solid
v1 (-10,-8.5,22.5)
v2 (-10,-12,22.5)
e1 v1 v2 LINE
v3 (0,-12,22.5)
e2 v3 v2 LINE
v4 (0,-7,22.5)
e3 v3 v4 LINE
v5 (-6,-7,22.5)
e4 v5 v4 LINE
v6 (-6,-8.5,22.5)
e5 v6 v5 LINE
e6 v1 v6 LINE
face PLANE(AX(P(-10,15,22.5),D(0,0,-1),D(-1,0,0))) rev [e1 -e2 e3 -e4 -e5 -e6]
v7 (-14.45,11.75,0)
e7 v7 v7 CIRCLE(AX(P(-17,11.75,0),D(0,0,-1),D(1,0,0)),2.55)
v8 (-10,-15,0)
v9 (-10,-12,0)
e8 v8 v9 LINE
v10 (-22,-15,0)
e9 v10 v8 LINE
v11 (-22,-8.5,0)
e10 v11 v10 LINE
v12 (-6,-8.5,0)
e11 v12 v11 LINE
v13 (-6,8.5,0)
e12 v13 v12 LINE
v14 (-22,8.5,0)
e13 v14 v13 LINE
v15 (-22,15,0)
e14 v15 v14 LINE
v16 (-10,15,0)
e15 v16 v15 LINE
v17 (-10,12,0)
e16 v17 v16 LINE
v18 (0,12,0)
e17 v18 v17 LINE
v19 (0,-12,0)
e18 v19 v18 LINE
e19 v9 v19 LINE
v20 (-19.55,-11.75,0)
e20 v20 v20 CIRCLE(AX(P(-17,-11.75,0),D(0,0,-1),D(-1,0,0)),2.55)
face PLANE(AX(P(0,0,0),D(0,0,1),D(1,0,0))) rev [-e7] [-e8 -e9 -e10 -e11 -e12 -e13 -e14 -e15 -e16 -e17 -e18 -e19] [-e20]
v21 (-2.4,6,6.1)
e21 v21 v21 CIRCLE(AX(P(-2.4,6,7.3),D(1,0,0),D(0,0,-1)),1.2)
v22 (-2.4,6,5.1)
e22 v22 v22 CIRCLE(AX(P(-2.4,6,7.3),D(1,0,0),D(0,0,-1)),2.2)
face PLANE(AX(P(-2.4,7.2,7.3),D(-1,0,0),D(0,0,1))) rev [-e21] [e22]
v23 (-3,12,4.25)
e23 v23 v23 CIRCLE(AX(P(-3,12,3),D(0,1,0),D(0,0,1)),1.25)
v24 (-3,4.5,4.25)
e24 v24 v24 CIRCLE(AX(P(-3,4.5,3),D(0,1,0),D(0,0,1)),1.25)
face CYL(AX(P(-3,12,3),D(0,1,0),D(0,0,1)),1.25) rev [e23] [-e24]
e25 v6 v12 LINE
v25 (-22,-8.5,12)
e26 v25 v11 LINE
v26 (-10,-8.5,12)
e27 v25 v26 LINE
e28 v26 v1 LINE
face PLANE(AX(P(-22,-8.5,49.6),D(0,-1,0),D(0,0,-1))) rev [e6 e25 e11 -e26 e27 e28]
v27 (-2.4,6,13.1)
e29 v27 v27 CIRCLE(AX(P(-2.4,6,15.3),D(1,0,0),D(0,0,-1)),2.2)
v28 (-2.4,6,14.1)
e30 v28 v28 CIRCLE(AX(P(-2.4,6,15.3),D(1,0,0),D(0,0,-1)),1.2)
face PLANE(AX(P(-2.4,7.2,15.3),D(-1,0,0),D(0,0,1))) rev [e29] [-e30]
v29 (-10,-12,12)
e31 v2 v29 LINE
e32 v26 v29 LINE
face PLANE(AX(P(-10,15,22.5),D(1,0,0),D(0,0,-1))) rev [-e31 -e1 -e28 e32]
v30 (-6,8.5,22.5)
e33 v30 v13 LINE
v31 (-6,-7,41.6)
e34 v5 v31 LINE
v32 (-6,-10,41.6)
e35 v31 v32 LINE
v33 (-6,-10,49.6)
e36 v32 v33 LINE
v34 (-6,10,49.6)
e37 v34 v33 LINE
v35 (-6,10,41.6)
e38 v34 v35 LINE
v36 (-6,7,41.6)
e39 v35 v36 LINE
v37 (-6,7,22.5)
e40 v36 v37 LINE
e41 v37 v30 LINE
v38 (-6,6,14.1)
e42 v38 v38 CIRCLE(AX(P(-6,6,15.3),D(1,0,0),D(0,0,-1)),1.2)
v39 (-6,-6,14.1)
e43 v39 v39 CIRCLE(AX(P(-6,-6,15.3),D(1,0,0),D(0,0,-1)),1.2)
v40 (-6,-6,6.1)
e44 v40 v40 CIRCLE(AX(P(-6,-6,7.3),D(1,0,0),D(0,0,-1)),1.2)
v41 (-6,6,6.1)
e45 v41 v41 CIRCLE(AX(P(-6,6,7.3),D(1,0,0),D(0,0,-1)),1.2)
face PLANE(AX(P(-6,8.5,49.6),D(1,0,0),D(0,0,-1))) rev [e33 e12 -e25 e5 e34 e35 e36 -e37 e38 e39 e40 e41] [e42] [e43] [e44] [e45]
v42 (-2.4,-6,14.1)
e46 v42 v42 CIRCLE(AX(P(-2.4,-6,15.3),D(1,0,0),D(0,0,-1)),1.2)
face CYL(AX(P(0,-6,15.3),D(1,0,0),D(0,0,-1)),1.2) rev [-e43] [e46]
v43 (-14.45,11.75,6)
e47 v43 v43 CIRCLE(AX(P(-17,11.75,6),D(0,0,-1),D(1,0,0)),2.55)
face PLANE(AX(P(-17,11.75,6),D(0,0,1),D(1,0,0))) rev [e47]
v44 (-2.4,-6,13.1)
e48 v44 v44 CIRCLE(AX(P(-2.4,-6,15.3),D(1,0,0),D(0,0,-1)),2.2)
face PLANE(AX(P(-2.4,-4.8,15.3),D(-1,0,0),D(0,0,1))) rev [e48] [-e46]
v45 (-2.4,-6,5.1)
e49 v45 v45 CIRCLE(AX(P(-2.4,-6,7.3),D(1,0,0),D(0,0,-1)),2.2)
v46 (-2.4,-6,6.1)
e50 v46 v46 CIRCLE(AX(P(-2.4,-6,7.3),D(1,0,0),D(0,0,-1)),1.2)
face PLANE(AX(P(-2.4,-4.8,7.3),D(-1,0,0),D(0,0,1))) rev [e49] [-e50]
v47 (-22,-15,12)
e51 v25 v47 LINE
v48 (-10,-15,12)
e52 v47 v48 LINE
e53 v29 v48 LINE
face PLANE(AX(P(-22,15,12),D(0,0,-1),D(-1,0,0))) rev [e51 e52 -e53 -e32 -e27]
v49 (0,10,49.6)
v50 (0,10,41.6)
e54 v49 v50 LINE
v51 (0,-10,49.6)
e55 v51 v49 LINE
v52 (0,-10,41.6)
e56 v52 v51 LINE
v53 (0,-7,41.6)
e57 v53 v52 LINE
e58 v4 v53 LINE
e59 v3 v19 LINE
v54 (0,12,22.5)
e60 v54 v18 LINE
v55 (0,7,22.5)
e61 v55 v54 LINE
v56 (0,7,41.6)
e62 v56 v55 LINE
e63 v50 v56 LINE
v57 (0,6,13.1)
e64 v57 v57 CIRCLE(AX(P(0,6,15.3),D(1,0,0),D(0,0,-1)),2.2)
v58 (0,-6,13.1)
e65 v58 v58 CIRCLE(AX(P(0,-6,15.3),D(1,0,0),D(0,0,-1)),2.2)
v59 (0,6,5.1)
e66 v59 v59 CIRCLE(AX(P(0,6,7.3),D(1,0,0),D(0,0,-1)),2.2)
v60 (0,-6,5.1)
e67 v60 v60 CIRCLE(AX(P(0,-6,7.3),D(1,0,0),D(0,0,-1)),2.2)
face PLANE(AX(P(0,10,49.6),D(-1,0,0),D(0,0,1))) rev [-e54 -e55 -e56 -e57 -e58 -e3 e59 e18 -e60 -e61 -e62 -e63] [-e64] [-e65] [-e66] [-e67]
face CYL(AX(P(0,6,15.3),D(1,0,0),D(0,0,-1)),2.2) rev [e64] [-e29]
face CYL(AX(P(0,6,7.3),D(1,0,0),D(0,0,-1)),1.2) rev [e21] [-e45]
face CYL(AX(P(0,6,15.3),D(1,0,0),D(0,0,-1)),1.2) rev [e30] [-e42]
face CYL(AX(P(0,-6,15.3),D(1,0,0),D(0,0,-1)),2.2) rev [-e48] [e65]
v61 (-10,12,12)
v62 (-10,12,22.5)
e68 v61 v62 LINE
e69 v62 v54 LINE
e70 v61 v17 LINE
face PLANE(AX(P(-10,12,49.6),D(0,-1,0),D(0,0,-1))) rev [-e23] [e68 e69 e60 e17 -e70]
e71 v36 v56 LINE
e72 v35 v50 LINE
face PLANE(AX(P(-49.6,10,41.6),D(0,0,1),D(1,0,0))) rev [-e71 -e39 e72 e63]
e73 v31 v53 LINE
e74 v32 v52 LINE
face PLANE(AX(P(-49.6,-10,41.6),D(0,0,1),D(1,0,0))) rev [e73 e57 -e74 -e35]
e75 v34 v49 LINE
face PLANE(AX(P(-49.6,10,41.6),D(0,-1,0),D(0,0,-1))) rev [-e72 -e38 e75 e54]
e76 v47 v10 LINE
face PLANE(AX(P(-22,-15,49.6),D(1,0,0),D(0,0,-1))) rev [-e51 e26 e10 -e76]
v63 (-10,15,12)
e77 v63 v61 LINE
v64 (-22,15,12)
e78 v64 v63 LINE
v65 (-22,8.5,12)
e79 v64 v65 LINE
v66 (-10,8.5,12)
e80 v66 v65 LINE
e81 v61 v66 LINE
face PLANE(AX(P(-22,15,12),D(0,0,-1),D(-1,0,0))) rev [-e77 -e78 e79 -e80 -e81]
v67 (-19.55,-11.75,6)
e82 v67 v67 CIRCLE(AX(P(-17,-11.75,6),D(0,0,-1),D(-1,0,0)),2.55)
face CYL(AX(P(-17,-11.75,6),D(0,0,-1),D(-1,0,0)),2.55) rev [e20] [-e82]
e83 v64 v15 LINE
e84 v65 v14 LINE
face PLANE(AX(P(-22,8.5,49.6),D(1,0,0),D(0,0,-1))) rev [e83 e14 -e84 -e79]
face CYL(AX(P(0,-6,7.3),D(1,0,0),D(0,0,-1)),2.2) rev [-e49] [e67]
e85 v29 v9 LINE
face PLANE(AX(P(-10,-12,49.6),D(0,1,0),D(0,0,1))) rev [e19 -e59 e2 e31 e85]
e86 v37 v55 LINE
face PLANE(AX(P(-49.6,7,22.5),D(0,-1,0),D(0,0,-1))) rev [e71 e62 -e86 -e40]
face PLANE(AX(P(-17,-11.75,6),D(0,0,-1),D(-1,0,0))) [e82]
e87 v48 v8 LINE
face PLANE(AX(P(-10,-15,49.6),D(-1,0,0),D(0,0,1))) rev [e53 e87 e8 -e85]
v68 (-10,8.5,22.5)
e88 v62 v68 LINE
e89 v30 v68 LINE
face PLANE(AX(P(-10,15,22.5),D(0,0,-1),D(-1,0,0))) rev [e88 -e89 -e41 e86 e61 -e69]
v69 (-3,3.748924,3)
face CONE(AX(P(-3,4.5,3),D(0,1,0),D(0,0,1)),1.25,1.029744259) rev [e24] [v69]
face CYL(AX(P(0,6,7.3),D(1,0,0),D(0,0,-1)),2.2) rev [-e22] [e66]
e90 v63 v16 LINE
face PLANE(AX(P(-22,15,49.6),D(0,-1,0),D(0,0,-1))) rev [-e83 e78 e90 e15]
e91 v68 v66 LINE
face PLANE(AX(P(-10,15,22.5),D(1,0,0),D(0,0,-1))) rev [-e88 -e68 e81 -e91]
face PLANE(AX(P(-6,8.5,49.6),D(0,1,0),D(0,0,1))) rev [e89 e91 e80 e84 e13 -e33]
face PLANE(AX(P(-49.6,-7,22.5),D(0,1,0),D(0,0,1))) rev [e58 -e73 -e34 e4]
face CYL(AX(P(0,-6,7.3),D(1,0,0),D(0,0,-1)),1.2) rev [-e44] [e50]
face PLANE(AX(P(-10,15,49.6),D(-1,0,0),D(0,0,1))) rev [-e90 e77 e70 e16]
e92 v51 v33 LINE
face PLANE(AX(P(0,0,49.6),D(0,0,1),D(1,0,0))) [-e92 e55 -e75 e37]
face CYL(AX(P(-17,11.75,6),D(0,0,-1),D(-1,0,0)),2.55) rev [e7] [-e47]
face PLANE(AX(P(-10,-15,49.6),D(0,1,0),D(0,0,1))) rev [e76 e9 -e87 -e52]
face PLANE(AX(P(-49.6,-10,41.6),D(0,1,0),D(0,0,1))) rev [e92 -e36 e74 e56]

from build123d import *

# Parameters (mm, degrees)
EXTRUDE_1_DEPTH              = 49.6
CUT_EXTRUDE_1_DEPTH          = 31
CUT_EXTRUDE_2_DEPTH          = 49.6
HOLE_WIZARD_M2_1_D           = 2.4
HOLE_WIZARD_M2_1_DEPTH       = 10.1
HOLE_WIZARD_M2_1_CBORE_D     = 4.4
HOLE_WIZARD_M2_1_CBORE_DEPTH = 2.4
HOLE_WIZARD_M2_1_TIP         = 0.721032743
SKETCH_6_R                   = 2.55
CUT_EXTRUDE_3_DEPTH          = 6
HOLE_WIZARD_M3_1_D           = 2.5
HOLE_WIZARD_M3_1_DEPTH       = 7.5
HOLE_WIZARD_M3_1_TIP         = 0.751075774


with BuildPart() as part:
    # 草图1 → 凸台-拉伸1 (new body)
    with BuildSketch(Plane.XY):
        Polygon((-6, 8.5), (-6, -8.5), (-10, -8.5), (-22, -8.5), (-22, -15), (-10, -15), (-10, -12), (0, -12), (0, -10), (0, 10), (0, 12), (-10, 12), (-10, 15), (-22, 15), (-22, 8.5), (-10, 8.5), align=None)
    extrude(amount=EXTRUDE_1_DEPTH)

    # 草图2 → 切除-拉伸1 (cut, through all)
    with BuildSketch(Plane.XZ.offset(15)):
        Polygon((-22, 49.6), (-12.955077182, 49.6), (-6, 49.6), (-6, 22.5), (-10, 22.5), (-10, 12), (-22, 12), align=None)
    extrude(amount=-CUT_EXTRUDE_1_DEPTH, mode=Mode.SUBTRACT)

    # 草图3 → 切除-拉伸2 (cut)
    with BuildSketch(Plane(origin=(0, 0, 0), x_dir=(0, 0, -1), z_dir=(1, 0, 0))):
        Polygon((-22.5, 12), (-41.6, 12), (-49.6, 12), (-49.6, 10), (-41.6, 10), (-41.6, 7), (-22.5, 7), align=None)
        Polygon((-41.6, -12), (-49.6, -12), (-49.6, -10), (-41.6, -10), (-41.6, -7), (-22.5, -7), (-22.5, -12), align=None)
    extrude(amount=-CUT_EXTRUDE_2_DEPTH, mode=Mode.SUBTRACT)

    # M2 六角凹头螺钉的柱形沉头孔1
    with Locations(Plane(origin=(0, 0, 0), x_dir=(0, 0, -1), z_dir=(1, 0, 0))):
        with Locations((-15.3, 6), (-7.3, 6), (-15.3, -6), (-7.3, -6)):
            CounterBoreHole(HOLE_WIZARD_M2_1_D / 2, HOLE_WIZARD_M2_1_CBORE_D / 2, HOLE_WIZARD_M2_1_CBORE_DEPTH, depth=HOLE_WIZARD_M2_1_DEPTH)
            with Locations((0, 0, -(HOLE_WIZARD_M2_1_DEPTH + HOLE_WIZARD_M2_1_TIP / 2))):  # 118° drill point
                Cone(0, HOLE_WIZARD_M2_1_D / 2, HOLE_WIZARD_M2_1_TIP, mode=Mode.SUBTRACT)

    # 草图6 → 切除-拉伸3 (cut)
    with BuildSketch(Plane(origin=(0, 0, 0), x_dir=(-1, 0, 0), z_dir=(0, 0, -1))):
        with Locations((17, -11.75)):
            Circle(SKETCH_6_R)
        with Locations((17, 11.75)):
            Circle(SKETCH_6_R)
    extrude(amount=-CUT_EXTRUDE_3_DEPTH, mode=Mode.SUBTRACT)

    # M3 螺纹孔1
    with Locations(Plane(origin=(0, 12, 0), x_dir=(1, 0, 0), z_dir=(0, 1, 0))):
        with Locations((-3, -3)):
            Hole(HOLE_WIZARD_M3_1_D / 2, depth=HOLE_WIZARD_M3_1_DEPTH)
            with Locations((0, 0, -(HOLE_WIZARD_M3_1_DEPTH + HOLE_WIZARD_M3_1_TIP / 2))):  # 118° drill point
                Cone(0, HOLE_WIZARD_M3_1_D / 2, HOLE_WIZARD_M3_1_TIP, mode=Mode.SUBTRACT)


solid = part.part
